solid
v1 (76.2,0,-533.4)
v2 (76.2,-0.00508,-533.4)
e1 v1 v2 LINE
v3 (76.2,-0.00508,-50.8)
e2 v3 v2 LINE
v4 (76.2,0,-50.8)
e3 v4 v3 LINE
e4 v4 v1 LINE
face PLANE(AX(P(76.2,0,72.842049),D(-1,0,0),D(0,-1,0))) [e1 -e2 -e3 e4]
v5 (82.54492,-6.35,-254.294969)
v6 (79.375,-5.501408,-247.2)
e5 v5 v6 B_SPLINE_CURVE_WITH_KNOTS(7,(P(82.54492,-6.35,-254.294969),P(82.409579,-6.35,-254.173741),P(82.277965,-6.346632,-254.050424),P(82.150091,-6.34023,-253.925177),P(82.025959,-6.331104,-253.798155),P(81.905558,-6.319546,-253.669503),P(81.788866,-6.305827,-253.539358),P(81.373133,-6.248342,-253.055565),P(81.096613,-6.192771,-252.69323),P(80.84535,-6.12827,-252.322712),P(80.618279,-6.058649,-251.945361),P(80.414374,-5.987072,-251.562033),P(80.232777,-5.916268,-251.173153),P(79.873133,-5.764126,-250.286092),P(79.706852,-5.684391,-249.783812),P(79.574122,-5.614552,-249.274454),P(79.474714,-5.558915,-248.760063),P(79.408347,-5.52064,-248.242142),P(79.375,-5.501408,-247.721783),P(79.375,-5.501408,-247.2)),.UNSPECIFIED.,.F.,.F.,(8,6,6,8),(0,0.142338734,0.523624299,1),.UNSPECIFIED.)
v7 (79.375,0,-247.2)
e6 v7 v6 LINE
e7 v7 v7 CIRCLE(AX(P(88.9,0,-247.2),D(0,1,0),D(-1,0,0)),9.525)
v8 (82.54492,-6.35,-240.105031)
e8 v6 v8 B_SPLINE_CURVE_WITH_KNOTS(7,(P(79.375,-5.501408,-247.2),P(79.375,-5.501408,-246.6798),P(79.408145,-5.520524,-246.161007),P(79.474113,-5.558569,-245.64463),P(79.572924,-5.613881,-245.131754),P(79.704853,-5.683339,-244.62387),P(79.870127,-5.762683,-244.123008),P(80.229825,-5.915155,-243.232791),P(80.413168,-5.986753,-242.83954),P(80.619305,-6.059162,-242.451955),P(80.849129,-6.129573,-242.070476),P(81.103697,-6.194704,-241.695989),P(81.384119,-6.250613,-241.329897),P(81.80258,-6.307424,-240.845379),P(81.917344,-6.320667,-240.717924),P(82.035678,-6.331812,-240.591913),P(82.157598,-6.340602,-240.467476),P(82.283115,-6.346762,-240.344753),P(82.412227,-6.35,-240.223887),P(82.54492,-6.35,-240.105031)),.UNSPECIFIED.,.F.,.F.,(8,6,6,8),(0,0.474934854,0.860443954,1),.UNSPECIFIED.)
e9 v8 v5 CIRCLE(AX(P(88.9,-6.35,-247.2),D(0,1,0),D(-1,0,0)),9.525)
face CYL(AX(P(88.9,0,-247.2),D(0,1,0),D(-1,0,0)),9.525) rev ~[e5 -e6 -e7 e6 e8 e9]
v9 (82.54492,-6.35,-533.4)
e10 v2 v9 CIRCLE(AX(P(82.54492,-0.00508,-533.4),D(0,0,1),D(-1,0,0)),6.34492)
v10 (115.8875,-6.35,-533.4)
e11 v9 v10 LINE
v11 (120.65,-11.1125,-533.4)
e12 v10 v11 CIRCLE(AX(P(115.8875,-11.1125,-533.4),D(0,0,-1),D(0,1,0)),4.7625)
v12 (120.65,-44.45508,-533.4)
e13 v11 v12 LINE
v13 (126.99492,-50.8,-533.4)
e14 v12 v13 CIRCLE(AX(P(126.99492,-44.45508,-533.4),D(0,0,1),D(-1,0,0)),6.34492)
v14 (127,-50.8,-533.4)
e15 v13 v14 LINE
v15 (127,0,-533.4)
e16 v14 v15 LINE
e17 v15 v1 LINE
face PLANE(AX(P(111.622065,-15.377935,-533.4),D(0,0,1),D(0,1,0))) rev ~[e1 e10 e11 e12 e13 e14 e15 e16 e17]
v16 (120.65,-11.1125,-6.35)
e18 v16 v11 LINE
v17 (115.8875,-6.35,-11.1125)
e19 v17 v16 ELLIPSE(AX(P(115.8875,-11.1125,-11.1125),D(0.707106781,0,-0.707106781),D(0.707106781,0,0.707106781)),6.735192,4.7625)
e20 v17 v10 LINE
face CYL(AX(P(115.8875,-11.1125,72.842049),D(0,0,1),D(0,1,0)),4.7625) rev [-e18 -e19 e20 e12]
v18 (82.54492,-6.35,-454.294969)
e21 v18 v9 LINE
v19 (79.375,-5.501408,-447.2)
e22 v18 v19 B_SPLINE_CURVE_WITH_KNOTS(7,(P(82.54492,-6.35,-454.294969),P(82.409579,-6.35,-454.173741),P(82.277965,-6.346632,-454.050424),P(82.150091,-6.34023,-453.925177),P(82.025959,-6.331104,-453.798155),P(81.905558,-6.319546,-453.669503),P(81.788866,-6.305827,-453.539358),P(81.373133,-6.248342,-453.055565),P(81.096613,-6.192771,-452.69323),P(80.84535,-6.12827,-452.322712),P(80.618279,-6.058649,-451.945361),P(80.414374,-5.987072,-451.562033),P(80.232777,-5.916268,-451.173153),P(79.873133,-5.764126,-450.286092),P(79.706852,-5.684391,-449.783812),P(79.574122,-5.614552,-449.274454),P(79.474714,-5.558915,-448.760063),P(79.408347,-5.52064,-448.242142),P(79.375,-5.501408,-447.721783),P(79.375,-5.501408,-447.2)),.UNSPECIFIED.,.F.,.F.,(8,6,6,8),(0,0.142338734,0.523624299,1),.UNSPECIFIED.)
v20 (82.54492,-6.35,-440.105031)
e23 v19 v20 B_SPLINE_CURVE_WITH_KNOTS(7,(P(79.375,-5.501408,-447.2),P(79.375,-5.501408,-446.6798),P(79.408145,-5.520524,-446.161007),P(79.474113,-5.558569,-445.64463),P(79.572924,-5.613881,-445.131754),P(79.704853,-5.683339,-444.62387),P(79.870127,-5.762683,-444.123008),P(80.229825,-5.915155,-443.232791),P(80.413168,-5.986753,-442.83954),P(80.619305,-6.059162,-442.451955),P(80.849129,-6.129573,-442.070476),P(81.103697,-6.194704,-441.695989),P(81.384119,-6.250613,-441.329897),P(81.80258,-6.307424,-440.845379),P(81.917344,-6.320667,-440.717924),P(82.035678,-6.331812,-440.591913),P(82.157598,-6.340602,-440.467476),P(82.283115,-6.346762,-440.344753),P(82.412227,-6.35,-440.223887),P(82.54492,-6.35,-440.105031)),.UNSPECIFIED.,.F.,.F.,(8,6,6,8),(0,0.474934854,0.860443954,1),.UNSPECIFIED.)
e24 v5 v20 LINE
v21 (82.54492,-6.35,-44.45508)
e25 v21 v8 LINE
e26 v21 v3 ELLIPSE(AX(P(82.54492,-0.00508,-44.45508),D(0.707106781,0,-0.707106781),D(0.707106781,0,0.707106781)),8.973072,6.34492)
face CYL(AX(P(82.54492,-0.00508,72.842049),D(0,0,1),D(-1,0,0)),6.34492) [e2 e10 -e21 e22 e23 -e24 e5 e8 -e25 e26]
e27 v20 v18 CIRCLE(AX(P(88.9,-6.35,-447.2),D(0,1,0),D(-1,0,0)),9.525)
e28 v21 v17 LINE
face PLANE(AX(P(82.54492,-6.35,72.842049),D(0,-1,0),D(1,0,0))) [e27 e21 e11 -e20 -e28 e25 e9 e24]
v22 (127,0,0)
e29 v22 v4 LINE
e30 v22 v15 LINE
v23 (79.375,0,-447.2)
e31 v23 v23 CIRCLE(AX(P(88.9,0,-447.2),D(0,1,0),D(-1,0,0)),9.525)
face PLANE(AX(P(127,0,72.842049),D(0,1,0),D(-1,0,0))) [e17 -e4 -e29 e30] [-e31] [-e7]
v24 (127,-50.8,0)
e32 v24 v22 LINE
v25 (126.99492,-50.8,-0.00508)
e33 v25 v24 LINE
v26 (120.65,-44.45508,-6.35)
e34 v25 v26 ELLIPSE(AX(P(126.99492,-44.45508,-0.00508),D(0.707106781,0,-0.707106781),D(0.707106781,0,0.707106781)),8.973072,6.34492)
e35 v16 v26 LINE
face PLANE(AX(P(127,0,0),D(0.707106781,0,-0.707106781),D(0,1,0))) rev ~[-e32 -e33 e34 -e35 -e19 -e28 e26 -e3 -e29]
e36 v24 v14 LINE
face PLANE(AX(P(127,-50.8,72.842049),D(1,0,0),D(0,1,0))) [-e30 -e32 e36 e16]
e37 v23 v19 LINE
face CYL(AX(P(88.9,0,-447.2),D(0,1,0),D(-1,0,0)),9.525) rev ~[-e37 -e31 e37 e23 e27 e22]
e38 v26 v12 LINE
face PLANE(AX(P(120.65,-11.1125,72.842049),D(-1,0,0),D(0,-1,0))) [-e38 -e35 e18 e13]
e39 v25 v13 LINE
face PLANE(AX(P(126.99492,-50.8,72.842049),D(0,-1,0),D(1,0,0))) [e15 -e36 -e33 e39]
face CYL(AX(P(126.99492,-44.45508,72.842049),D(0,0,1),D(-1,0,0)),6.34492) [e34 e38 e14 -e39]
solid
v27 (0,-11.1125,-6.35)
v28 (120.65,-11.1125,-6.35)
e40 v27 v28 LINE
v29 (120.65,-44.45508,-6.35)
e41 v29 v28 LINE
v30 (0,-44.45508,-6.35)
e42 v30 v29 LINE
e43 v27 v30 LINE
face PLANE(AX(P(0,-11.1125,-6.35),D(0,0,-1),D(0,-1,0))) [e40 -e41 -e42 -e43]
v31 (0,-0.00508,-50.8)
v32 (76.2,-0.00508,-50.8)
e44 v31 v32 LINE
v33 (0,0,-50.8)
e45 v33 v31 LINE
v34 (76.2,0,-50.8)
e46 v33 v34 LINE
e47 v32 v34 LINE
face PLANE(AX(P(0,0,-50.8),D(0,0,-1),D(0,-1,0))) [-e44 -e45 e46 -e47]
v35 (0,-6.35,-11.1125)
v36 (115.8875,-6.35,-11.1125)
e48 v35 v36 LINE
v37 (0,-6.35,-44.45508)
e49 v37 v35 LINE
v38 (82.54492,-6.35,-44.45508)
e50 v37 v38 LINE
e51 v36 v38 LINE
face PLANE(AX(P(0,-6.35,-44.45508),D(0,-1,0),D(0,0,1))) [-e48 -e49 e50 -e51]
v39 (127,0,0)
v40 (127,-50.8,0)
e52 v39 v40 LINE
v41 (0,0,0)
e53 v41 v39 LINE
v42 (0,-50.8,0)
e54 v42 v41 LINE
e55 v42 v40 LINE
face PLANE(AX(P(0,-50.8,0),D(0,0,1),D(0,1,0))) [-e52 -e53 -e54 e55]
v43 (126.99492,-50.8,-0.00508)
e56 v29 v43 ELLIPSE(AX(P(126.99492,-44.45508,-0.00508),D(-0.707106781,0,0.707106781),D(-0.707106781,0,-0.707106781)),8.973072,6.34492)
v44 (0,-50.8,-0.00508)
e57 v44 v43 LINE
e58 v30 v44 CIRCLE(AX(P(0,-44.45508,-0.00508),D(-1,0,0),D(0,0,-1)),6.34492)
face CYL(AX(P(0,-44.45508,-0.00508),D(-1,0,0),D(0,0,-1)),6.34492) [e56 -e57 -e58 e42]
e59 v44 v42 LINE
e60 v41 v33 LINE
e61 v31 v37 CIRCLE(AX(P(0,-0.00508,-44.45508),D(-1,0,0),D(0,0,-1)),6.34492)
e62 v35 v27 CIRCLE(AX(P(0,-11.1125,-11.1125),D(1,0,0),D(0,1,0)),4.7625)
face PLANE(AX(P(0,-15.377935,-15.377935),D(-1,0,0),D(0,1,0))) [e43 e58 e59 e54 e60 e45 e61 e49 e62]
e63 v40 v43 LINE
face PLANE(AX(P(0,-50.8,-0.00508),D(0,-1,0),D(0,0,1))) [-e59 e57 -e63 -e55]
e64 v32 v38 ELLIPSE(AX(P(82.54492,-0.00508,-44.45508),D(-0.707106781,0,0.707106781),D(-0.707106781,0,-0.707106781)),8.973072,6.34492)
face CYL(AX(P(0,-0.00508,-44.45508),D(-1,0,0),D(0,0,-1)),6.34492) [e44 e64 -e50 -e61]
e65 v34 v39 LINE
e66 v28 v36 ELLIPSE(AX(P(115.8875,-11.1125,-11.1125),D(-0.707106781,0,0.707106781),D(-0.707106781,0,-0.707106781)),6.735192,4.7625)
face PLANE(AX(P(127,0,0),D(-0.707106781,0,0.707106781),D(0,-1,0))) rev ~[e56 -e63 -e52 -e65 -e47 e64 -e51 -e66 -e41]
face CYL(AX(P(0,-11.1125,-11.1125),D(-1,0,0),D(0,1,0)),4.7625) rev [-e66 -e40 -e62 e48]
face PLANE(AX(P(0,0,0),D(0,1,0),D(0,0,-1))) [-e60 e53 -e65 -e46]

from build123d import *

# Parameters (mm, degrees)
HIERRO_ANGULAR_2_X_2_X_0_125_1_DEPTH   = 199.842048969
HIERRO_ANGULAR_2_X_2_X_0_125_1_2_DEPTH = 606.242048969
CROQUIS6_R                             = 9.525
CORTAR_EXTRUIR1_DEPTH                  = 551.658878072


with BuildPart() as part:
    # Sketch1 → Hierro angular 2 X 2 X 0.125(1) (new body)
    with BuildSketch(Plane(origin=(0, 0, 0), x_dir=(0, -1, 0), z_dir=(1, 0, 0))):
        with BuildLine():
            Line((0, 0), (0, 50.8))
            Line((0, 50.8), (0.00508, 50.8))
            ThreePointArc((0.00508, 50.8), (4.491615958, 48.941615958), (6.35, 44.45508))
            Line((6.35, 44.45508), (6.35, 11.1125))
            ThreePointArc((6.35, 11.1125), (7.744903955, 7.744903955), (11.1125, 6.35))
            Line((11.1125, 6.35), (44.45508, 6.35))
            ThreePointArc((44.45508, 6.35), (48.941615958, 4.491615958), (50.8, 0.00508))
            Line((50.8, 0.00508), (50.8, 0))
            Line((50.8, 0), (0, 0))
        make_face()
    extrude(amount=HIERRO_ANGULAR_2_X_2_X_0_125_1_DEPTH)

    # Hierro angular 2 X 2 X 0.125(1) mitre 1
    split(bisect_by=Plane(origin=(127, 0, 0), x_dir=(0, -1, 0), z_dir=(-0.707106781, 0, 0.707106781)), keep=Keep.TOP)


with BuildPart() as body_2:
    # Sketch1 on segment 2 (carried to segment 2) → Hierro angular 2 X 2 X 0.125_1 2 (new body)
    with BuildSketch(Plane(origin=(127, 0, 72.842048969), x_dir=(0, -1, 0), z_dir=(0, 0, -1))):
        with BuildLine():
            Line((0, 0), (0, 50.8))
            Line((0, 50.8), (0.00508, 50.8))
            ThreePointArc((0.00508, 50.8), (4.491615958, 48.941615958), (6.35, 44.45508))
            Line((6.35, 44.45508), (6.35, 11.1125))
            ThreePointArc((6.35, 11.1125), (7.744903955, 7.744903955), (11.1125, 6.35))
            Line((11.1125, 6.35), (44.45508, 6.35))
            ThreePointArc((44.45508, 6.35), (48.941615958, 4.491615958), (50.8, 0.00508))
            Line((50.8, 0.00508), (50.8, 0))
            Line((50.8, 0), (0, 0))
        make_face()
    extrude(amount=HIERRO_ANGULAR_2_X_2_X_0_125_1_2_DEPTH)

    # Hierro angular 2 X 2 X 0.125_1 2 mitre 1
    split(bisect_by=Plane(origin=(127, 0, 0), x_dir=(0, 1, 0), z_dir=(0.707106781, 0, -0.707106781)), keep=Keep.TOP)

    # Croquis6 → Cortar-Extruir1 (cut, through all)
    with BuildSketch(Plane(origin=(0, 0, 0), x_dir=(1, 0, 0), z_dir=(0, 1, 0))):
        with Locations(Location((88.9, 447.2, 0), (0, 0, 180))):
            Circle(CROQUIS6_R)
        with Locations(Location((88.9, 247.2, 0), (0, 0, 180))):
            Circle(CROQUIS6_R)
    extrude(amount=-CORTAR_EXTRUIR1_DEPTH, mode=Mode.SUBTRACT)


solid = Compound([part.part, body_2.part])
